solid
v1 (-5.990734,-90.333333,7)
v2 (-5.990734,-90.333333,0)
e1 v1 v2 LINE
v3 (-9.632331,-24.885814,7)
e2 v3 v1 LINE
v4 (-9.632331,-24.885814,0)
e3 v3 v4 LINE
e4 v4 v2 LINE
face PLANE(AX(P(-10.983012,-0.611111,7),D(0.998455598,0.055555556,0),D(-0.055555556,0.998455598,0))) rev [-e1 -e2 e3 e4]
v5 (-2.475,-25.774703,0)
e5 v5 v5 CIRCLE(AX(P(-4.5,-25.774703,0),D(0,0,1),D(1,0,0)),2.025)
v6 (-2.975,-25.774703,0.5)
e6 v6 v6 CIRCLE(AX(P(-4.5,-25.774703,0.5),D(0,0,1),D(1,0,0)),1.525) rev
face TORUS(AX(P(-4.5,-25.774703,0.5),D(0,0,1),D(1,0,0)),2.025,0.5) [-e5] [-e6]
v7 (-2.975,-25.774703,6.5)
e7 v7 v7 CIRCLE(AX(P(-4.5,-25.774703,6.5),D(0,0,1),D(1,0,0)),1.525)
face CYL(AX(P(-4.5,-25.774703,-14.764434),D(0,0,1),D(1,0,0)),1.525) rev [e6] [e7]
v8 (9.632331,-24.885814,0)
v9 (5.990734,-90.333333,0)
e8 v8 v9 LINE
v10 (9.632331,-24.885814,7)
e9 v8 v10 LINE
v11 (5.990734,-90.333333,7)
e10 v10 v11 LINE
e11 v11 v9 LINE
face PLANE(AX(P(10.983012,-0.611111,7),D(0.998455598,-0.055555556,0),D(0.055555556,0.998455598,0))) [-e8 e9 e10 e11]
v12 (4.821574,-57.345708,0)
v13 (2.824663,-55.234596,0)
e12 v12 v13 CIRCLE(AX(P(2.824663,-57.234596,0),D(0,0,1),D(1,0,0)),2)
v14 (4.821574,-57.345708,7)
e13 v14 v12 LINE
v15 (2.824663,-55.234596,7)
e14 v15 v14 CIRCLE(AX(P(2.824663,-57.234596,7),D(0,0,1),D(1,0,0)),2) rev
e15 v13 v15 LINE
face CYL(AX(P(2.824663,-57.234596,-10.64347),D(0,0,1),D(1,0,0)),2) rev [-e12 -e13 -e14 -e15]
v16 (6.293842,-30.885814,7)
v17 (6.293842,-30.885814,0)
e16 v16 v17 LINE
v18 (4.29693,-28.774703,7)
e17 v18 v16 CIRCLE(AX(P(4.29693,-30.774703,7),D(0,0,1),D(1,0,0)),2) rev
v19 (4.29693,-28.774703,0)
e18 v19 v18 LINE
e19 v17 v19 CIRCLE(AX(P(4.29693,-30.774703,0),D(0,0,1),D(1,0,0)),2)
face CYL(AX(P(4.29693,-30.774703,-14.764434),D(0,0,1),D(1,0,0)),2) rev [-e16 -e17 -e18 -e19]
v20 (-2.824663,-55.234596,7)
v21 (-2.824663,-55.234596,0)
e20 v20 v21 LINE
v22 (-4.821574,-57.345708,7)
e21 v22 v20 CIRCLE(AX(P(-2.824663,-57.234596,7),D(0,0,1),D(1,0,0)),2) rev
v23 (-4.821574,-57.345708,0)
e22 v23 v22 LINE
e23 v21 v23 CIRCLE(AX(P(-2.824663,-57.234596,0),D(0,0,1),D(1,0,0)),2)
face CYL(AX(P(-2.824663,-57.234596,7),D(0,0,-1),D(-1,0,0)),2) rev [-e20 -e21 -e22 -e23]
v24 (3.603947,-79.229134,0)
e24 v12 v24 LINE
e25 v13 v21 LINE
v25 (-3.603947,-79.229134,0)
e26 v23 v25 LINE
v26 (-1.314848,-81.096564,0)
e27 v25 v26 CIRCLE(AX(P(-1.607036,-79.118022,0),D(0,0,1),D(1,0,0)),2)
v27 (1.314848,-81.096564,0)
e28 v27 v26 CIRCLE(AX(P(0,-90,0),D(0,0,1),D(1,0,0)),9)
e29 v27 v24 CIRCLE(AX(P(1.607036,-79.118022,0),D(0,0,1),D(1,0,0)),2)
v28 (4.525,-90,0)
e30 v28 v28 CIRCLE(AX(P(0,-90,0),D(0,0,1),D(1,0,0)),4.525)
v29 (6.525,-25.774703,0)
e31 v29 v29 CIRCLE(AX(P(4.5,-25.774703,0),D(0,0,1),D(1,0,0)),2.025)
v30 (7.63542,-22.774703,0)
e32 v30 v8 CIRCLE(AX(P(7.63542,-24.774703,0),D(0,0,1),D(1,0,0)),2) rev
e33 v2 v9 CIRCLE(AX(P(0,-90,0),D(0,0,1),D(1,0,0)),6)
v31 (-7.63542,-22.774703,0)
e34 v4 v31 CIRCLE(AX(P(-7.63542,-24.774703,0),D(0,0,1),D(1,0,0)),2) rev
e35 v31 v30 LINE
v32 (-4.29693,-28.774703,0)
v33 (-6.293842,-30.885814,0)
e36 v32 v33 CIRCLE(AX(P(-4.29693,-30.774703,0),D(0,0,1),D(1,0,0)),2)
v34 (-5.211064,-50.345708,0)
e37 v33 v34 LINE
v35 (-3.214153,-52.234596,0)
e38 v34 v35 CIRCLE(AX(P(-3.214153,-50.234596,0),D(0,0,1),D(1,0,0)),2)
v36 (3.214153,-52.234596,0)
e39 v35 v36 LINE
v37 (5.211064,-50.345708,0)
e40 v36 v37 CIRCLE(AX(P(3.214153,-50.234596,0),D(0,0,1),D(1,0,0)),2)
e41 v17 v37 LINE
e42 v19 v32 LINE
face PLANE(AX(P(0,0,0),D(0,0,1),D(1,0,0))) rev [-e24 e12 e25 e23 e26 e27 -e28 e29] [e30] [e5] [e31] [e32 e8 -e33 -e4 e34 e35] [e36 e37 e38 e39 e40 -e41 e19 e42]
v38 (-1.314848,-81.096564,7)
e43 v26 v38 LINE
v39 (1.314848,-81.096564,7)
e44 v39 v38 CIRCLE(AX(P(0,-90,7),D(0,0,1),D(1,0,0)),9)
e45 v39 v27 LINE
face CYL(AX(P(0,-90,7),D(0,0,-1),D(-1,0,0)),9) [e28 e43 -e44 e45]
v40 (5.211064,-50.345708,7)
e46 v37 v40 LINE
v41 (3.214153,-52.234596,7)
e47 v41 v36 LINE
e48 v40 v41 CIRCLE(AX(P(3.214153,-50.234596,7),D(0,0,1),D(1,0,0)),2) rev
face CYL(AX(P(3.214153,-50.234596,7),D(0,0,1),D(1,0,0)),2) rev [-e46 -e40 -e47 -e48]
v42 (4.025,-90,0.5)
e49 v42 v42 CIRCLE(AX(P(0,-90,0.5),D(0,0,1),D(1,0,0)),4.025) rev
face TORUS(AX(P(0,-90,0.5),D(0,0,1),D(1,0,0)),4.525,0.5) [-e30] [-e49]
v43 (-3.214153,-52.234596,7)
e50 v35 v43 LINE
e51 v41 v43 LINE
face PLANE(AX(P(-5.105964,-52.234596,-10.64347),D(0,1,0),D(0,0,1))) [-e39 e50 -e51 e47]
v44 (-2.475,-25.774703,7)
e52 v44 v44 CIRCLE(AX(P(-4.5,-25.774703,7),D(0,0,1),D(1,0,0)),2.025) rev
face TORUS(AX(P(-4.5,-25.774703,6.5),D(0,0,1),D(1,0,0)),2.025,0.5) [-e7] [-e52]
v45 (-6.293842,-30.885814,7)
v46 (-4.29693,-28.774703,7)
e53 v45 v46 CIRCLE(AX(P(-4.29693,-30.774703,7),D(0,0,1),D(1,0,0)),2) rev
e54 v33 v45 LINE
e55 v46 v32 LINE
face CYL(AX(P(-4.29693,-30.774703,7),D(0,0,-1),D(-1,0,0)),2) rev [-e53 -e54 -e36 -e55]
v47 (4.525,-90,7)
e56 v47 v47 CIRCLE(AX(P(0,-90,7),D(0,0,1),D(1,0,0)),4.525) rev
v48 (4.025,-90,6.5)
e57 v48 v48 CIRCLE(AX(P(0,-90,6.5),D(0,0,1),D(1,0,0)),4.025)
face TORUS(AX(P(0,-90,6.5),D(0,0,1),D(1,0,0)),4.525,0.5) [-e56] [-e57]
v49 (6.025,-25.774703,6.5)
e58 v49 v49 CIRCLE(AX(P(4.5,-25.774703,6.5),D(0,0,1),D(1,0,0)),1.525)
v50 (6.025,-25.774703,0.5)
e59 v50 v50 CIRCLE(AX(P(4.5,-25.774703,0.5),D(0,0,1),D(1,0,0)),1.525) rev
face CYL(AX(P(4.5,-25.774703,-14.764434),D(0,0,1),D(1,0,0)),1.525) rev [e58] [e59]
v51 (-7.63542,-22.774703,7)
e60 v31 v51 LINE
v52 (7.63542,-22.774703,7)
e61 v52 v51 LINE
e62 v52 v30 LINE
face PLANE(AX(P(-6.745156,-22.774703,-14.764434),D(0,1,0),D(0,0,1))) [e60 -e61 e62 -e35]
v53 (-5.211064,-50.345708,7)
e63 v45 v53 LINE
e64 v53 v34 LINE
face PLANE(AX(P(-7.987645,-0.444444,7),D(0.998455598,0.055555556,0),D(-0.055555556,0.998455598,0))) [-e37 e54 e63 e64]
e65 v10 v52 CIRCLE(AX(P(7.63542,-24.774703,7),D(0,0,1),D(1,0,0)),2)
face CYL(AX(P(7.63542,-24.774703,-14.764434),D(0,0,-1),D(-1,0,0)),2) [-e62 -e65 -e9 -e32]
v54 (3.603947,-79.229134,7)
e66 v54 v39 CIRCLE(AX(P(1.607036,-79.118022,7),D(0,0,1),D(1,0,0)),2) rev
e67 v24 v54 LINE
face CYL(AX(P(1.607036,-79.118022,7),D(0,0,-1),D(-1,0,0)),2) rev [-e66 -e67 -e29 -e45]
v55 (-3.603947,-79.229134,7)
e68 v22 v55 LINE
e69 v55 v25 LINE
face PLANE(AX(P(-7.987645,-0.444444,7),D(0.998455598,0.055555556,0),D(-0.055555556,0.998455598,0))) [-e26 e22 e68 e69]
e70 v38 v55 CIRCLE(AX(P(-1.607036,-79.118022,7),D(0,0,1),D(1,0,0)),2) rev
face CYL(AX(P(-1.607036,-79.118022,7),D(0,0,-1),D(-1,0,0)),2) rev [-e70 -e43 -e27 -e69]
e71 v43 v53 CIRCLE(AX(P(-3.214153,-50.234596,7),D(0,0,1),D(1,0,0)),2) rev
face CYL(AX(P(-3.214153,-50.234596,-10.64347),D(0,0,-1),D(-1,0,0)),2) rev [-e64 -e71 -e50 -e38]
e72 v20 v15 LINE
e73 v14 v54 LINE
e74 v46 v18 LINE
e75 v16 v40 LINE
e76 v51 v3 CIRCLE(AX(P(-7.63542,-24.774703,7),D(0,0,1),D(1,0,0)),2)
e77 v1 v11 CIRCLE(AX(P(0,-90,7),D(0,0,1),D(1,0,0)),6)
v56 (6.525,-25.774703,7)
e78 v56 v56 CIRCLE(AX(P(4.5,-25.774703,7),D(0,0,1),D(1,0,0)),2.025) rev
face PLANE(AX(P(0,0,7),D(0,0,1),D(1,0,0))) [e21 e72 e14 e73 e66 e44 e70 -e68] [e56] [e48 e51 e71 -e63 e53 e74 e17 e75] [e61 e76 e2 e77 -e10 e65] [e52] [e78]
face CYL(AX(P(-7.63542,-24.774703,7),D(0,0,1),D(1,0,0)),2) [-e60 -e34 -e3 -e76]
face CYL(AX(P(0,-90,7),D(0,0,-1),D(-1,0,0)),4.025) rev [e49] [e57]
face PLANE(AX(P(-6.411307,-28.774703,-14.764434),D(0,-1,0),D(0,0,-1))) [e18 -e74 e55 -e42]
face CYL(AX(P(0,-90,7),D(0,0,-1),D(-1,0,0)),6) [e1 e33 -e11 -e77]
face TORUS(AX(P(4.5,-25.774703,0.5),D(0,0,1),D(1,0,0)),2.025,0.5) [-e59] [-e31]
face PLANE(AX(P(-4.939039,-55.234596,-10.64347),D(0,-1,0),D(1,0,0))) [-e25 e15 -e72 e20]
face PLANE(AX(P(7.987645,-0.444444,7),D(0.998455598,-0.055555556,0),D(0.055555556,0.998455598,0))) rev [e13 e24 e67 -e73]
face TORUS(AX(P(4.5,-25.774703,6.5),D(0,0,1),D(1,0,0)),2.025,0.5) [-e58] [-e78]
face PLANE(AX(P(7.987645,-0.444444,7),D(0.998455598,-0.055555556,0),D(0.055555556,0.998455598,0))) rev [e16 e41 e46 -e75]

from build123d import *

# Parameters (mm, degrees)
SKETCH_1_R          = 11
SKETCH_1_R_2        = 3.5
SKETCH_1_R_3        = 1.01
SKETCH_1_R_4        = 6
SKETCH_1_R_5        = 4.025
EXTRUDE_1_DEPTH     = 7
SKETCH_2_R          = 1.525
EXTRUDE_2_DEPTH     = 7
SKETCH_3_W          = 24.553172336
SKETCH_3_H          = 36.576889883
CUT_EXTRUDE_1_DEPTH = 29
EXTRUDE_3_DEPTH     = 7
FILLET_1_R          = 2
FILLET_2_R          = 0.5


with BuildPart() as part:
    # 草图1 → 凸台-拉伸1 (new body)
    # profile 1 of 3: a face of its own
    with BuildSketch(Plane.XY):
        with BuildLine():
            ThreePointArc((10.983011573, -0.611111111), (0, -11), (-10.983011573, -0.611111111))
            Line((-10.983011573, -0.611111111), (-5.990733585, -90.333333333))
            ThreePointArc((-5.990733585, -90.333333333), (-0.166731054, -84.002317051), (6, -90))
            ThreePointArc((6, -90), (5.997682949, -90.166731054), (5.990733585, -90.333333333))
            Line((5.990733585, -90.333333333), (10.983011573, -0.611111111))
        make_face()
        with BuildLine():
            Line((-3.466771313, -81.694489982), (-7.418369738, -10.675569794))
            ThreePointArc((-7.418369738, -10.675569794), (0, -13), (7.418369738, -10.675569794))
            Line((7.418369738, -10.675569794), (3.466771313, -81.694489982))
            ThreePointArc((3.466771313, -81.694489982), (0, -81), (-3.466771313, -81.694489982))
        make_face(mode=Mode.SUBTRACT)
    # profile 2 of 3: a face of its own
    with BuildSketch(Plane.XY):
        Circle(SKETCH_1_R)
        Circle(SKETCH_1_R_2, mode=Mode.SUBTRACT)
        with Locations((-2.75, 4.763139721)):
            Circle(SKETCH_1_R_3, mode=Mode.SUBTRACT)
        with Locations((-2.75, -4.763139721)):
            Circle(SKETCH_1_R_3, mode=Mode.SUBTRACT)
        with Locations((5.5, 0)):
            Circle(SKETCH_1_R_3, mode=Mode.SUBTRACT)
    # profile 3 of 3: a face of its own
    with BuildSketch(Plane.XY):
        with Locations((0, -90)):
            Circle(SKETCH_1_R_4)
        with Locations((0, -90)):
            Circle(SKETCH_1_R_5, mode=Mode.SUBTRACT)
    extrude(amount=EXTRUDE_1_DEPTH)

    # 草图2 → 凸台-拉伸2 (add)
    with BuildSketch(Plane.XY.offset(7)):
        Polygon((-6.745155967, -22.774702841), (6.745155967, -22.774702841), (6.411307036, -28.774702841), (-6.411307036, -28.774702841), align=None)
        with Locations((-4.5, -25.774702841)):
            Circle(SKETCH_2_R, mode=Mode.SUBTRACT)
        with Locations((4.5, -25.774702841)):
            Circle(SKETCH_2_R, mode=Mode.SUBTRACT)
    extrude(amount=-EXTRUDE_2_DEPTH)

    # 草图3 → 切除-拉伸1 (cut)
    with BuildSketch(Plane.XY.offset(7)):
        with Locations((0.16395552, -4.486257899)):
            Rectangle(SKETCH_3_W, SKETCH_3_H)
    extrude(amount=-CUT_EXTRUDE_1_DEPTH, mode=Mode.SUBTRACT)

    # 草图4 → 凸台-拉伸3 (add)
    with BuildSketch(Plane.XY.offset(7)):
        Polygon((-5.10596364, -52.234596412), (5.10596364, -52.234596412), (4.939039175, -55.234596412), (-4.939039175, -55.234596412), align=None)
    extrude(amount=-EXTRUDE_3_DEPTH)

    # 圆角1
    fillet_1_edges = [part.edges().sort_by_distance(p)[0] for p in [
        (-4.939039175, -55.234596412, 3.5),
        (-5.10596364, -52.234596412, 3.5),
        (5.10596364, -52.234596412, 3.5),
        (4.939039175, -55.234596412, 3.5),
        (-3.466771313, -81.694489982, 3.5),
        (3.466771313, -81.694489982, 3.5),
        (6.411307036, -28.774702841, 3.5),
        (-6.411307036, -28.774702841, 3.5),
        (-9.749796341, -22.774702841, 3.5),
        (9.749796341, -22.774702841, 3.5),
    ]]
    fillet(fillet_1_edges, radius=FILLET_1_R)

    # 圆角2
    fillet_2_edges = [part.edges().sort_by_distance(p)[0] for p in [
        (-4.025, -90, 0),
        (-6.025, -25.774702841, 0),
        (-6.025, -25.774702841, 7),
        (2.975, -25.774702841, 0),
        (2.975, -25.774702841, 7),
        (-4.025, -90, 7),
    ]]
    fillet(fillet_2_edges, radius=FILLET_2_R)


solid = part.part
